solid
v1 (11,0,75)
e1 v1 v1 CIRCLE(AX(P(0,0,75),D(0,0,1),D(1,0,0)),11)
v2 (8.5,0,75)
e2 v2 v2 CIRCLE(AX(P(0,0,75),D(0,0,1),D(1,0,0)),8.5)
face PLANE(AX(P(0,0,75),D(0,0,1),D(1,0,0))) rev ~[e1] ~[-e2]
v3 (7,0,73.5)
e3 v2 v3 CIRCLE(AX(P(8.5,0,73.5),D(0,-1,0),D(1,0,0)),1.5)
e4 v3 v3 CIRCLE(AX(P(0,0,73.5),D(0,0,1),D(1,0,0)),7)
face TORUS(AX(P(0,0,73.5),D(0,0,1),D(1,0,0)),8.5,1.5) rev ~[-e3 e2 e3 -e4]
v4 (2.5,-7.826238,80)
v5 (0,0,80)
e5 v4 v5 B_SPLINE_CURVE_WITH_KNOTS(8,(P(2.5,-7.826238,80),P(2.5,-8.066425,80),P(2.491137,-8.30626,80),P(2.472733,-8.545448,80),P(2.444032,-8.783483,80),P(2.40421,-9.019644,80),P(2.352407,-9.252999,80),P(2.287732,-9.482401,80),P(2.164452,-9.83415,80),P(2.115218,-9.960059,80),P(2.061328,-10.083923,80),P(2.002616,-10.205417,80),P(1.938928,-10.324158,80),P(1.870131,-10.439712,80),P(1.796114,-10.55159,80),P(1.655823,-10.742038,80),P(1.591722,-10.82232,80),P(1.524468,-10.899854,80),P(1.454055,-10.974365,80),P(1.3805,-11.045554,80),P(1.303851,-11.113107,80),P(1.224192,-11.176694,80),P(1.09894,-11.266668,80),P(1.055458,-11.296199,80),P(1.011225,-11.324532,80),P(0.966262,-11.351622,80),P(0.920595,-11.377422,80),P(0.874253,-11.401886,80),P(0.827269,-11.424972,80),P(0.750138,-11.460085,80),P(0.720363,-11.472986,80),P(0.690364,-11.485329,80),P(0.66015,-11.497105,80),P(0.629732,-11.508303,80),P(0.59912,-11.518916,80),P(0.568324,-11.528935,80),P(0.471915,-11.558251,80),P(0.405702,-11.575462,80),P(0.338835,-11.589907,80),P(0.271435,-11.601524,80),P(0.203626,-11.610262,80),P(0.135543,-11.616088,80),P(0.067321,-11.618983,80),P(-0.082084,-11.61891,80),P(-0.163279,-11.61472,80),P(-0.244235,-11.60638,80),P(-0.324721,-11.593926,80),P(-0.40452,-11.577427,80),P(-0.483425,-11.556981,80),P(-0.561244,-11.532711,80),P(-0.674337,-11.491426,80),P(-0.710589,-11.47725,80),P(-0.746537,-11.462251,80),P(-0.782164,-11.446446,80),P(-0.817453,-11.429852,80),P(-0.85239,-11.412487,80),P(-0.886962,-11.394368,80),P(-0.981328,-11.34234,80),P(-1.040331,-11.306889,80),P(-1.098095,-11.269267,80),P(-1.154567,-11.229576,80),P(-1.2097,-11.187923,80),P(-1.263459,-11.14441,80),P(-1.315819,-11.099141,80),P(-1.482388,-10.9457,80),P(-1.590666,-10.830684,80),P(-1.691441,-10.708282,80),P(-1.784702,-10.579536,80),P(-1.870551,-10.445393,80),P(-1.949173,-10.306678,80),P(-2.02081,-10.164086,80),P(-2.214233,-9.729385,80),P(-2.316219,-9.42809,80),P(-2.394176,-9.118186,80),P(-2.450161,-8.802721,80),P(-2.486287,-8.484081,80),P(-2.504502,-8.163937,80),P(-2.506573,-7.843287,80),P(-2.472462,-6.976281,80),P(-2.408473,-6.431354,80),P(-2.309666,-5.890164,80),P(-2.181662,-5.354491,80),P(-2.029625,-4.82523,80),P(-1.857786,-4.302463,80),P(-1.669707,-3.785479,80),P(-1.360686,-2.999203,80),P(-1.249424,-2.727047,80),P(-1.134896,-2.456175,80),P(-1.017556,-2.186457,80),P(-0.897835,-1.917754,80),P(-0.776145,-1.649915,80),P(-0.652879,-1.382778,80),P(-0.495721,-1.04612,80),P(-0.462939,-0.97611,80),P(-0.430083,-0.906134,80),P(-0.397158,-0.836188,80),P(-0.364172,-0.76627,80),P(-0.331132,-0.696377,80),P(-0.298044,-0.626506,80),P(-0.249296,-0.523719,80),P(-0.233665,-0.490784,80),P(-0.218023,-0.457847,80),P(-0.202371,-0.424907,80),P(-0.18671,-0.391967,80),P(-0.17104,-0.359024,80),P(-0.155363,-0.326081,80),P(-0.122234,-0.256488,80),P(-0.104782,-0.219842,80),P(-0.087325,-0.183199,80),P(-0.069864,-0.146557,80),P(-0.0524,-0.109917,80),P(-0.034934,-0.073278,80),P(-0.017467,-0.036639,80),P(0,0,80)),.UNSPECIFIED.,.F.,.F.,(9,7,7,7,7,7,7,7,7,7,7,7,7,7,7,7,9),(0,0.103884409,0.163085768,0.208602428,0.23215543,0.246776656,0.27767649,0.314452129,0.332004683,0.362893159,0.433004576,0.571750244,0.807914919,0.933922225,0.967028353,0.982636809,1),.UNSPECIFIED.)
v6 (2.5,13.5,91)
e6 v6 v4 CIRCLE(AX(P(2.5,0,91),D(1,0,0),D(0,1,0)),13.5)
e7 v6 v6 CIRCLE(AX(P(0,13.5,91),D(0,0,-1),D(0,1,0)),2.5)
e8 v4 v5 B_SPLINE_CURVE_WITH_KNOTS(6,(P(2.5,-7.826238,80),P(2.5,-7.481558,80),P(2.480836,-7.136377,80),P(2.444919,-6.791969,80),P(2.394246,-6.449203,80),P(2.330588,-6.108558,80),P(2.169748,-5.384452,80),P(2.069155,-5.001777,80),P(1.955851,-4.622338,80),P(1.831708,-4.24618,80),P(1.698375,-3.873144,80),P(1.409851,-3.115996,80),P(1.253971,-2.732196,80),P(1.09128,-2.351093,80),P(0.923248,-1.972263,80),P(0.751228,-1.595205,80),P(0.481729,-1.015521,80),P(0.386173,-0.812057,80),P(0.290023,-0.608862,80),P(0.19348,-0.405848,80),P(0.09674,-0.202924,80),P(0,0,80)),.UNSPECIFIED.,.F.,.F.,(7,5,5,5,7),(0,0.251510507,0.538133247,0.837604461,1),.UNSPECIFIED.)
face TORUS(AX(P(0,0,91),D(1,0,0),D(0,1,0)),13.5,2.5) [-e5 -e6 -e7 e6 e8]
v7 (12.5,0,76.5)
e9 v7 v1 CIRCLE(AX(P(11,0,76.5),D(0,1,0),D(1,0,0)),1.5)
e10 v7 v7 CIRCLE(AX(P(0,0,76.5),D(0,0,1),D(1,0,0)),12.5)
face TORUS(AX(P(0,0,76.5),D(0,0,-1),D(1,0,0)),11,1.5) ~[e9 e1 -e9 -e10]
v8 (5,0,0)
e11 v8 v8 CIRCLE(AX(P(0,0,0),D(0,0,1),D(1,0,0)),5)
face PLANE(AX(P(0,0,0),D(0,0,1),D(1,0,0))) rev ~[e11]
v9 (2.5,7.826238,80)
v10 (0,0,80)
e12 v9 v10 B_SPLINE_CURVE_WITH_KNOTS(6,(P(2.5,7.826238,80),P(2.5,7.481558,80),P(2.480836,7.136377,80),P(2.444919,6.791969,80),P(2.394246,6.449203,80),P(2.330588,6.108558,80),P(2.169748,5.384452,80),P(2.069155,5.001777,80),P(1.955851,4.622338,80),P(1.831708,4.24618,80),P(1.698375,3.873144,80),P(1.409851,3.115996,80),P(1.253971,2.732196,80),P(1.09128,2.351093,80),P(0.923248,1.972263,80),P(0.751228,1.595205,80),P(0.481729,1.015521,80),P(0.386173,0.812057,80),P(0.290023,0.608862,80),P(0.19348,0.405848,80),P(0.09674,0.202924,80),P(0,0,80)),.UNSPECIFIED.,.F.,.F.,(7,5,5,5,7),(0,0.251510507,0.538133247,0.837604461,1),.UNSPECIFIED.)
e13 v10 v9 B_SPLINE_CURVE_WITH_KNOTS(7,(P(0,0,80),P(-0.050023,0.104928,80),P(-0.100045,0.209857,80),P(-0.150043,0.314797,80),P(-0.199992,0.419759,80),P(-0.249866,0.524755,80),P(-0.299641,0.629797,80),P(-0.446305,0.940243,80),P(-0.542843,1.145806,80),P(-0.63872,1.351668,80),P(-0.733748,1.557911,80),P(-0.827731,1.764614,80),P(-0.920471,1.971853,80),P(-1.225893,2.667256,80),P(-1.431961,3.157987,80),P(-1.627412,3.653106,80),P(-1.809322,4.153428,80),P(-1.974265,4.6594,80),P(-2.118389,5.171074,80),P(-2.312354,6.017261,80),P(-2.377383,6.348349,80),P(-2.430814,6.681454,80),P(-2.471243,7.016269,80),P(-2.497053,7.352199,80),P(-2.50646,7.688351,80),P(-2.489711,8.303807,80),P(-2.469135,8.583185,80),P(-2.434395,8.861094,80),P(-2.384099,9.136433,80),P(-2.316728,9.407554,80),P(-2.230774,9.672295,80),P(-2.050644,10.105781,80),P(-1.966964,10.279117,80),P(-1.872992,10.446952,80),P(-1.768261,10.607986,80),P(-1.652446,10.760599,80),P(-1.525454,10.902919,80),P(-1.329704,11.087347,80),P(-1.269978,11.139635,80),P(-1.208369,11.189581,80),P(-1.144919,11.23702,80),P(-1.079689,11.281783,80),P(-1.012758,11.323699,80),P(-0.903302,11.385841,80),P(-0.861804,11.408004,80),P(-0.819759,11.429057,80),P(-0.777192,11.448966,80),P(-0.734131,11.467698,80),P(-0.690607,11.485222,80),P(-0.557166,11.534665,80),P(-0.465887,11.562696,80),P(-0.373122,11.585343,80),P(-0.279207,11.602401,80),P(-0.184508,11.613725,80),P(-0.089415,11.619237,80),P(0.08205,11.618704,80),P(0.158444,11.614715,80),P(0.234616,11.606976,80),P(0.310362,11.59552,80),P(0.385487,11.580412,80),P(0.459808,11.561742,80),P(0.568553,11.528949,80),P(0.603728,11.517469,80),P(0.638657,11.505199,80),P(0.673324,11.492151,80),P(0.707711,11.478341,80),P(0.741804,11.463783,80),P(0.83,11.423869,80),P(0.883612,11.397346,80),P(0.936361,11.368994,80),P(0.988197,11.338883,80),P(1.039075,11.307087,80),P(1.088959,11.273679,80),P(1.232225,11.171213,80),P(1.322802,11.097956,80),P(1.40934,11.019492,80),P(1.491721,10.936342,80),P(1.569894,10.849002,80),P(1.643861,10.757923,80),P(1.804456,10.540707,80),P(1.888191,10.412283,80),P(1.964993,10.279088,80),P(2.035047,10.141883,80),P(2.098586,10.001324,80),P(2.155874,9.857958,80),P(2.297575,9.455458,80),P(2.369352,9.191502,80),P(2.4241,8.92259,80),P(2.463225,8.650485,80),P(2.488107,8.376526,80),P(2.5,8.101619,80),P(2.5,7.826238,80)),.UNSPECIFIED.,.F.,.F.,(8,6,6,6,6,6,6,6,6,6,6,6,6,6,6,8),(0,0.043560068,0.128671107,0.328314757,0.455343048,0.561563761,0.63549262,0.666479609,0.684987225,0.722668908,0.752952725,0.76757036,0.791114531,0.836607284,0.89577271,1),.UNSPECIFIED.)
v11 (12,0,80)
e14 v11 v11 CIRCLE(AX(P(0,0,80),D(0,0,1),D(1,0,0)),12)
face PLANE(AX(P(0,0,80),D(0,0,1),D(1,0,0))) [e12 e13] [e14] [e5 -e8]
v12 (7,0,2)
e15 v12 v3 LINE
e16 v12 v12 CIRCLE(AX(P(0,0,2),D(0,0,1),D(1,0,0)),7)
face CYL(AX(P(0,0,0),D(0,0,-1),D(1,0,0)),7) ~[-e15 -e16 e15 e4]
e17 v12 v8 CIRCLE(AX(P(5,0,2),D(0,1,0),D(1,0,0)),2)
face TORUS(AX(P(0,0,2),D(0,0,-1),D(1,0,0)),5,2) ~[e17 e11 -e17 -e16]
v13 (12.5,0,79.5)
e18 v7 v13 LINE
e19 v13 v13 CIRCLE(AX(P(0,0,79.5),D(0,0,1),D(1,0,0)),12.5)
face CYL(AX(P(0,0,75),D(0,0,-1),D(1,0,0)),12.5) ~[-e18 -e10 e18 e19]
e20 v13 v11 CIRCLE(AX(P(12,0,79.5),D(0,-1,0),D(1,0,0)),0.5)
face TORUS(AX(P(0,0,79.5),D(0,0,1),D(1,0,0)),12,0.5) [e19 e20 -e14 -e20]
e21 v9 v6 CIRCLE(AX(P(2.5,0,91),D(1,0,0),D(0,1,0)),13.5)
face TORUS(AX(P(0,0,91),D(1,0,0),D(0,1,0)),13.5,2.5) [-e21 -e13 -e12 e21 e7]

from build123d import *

# Parameters (mm, degrees)
F0_R     = 7
F1_DEPTH = 75
F2_R     = 12.5
F3_DEPTH = 5
F5_R     = 2.5
F7_R     = 1.5
F8_R     = 0.5
F9_R     = 2


with BuildPart() as f1:
    # F0 (on Top) → F1 (new body)
    with BuildSketch(Plane.XY):
        Circle(F0_R)
    extrude(amount=F1_DEPTH)

    # F2 (on face) → F3 (join)
    with BuildSketch(Plane.XY.offset(75)):
        Circle(F2_R)
    extrude(amount=F3_DEPTH)

    # F6: sweep along a path in F4
    with BuildLine(Plane.YZ) as f6_path:
        CenterArc((0, 91), 12.5, 0, 360)
    # F5 (on Front) → F6 (sweep)
    with BuildSketch(Plane.XZ):
        with Locations((0, 77.5)):
            Circle(F5_R)
    sweep(path=f6_path.line)

    # F7
    f7_edges = [f1.edges().sort_by_distance(p)[0] for p in [
        (-7, 0, 75),
        (-12.5, 0, 75),
    ]]
    fillet(f7_edges, radius=F7_R)

    # F8
    f8_edges = [f1.edges().sort_by_distance(p)[0] for p in [
        (-12.5, 0, 80),
    ]]
    fillet(f8_edges, radius=F8_R)

    # F9
    f9_edges = [f1.edges().sort_by_distance(p)[0] for p in [
        (-7, 0, 0),
    ]]
    fillet(f9_edges, radius=F9_R)


solid = f1.part
